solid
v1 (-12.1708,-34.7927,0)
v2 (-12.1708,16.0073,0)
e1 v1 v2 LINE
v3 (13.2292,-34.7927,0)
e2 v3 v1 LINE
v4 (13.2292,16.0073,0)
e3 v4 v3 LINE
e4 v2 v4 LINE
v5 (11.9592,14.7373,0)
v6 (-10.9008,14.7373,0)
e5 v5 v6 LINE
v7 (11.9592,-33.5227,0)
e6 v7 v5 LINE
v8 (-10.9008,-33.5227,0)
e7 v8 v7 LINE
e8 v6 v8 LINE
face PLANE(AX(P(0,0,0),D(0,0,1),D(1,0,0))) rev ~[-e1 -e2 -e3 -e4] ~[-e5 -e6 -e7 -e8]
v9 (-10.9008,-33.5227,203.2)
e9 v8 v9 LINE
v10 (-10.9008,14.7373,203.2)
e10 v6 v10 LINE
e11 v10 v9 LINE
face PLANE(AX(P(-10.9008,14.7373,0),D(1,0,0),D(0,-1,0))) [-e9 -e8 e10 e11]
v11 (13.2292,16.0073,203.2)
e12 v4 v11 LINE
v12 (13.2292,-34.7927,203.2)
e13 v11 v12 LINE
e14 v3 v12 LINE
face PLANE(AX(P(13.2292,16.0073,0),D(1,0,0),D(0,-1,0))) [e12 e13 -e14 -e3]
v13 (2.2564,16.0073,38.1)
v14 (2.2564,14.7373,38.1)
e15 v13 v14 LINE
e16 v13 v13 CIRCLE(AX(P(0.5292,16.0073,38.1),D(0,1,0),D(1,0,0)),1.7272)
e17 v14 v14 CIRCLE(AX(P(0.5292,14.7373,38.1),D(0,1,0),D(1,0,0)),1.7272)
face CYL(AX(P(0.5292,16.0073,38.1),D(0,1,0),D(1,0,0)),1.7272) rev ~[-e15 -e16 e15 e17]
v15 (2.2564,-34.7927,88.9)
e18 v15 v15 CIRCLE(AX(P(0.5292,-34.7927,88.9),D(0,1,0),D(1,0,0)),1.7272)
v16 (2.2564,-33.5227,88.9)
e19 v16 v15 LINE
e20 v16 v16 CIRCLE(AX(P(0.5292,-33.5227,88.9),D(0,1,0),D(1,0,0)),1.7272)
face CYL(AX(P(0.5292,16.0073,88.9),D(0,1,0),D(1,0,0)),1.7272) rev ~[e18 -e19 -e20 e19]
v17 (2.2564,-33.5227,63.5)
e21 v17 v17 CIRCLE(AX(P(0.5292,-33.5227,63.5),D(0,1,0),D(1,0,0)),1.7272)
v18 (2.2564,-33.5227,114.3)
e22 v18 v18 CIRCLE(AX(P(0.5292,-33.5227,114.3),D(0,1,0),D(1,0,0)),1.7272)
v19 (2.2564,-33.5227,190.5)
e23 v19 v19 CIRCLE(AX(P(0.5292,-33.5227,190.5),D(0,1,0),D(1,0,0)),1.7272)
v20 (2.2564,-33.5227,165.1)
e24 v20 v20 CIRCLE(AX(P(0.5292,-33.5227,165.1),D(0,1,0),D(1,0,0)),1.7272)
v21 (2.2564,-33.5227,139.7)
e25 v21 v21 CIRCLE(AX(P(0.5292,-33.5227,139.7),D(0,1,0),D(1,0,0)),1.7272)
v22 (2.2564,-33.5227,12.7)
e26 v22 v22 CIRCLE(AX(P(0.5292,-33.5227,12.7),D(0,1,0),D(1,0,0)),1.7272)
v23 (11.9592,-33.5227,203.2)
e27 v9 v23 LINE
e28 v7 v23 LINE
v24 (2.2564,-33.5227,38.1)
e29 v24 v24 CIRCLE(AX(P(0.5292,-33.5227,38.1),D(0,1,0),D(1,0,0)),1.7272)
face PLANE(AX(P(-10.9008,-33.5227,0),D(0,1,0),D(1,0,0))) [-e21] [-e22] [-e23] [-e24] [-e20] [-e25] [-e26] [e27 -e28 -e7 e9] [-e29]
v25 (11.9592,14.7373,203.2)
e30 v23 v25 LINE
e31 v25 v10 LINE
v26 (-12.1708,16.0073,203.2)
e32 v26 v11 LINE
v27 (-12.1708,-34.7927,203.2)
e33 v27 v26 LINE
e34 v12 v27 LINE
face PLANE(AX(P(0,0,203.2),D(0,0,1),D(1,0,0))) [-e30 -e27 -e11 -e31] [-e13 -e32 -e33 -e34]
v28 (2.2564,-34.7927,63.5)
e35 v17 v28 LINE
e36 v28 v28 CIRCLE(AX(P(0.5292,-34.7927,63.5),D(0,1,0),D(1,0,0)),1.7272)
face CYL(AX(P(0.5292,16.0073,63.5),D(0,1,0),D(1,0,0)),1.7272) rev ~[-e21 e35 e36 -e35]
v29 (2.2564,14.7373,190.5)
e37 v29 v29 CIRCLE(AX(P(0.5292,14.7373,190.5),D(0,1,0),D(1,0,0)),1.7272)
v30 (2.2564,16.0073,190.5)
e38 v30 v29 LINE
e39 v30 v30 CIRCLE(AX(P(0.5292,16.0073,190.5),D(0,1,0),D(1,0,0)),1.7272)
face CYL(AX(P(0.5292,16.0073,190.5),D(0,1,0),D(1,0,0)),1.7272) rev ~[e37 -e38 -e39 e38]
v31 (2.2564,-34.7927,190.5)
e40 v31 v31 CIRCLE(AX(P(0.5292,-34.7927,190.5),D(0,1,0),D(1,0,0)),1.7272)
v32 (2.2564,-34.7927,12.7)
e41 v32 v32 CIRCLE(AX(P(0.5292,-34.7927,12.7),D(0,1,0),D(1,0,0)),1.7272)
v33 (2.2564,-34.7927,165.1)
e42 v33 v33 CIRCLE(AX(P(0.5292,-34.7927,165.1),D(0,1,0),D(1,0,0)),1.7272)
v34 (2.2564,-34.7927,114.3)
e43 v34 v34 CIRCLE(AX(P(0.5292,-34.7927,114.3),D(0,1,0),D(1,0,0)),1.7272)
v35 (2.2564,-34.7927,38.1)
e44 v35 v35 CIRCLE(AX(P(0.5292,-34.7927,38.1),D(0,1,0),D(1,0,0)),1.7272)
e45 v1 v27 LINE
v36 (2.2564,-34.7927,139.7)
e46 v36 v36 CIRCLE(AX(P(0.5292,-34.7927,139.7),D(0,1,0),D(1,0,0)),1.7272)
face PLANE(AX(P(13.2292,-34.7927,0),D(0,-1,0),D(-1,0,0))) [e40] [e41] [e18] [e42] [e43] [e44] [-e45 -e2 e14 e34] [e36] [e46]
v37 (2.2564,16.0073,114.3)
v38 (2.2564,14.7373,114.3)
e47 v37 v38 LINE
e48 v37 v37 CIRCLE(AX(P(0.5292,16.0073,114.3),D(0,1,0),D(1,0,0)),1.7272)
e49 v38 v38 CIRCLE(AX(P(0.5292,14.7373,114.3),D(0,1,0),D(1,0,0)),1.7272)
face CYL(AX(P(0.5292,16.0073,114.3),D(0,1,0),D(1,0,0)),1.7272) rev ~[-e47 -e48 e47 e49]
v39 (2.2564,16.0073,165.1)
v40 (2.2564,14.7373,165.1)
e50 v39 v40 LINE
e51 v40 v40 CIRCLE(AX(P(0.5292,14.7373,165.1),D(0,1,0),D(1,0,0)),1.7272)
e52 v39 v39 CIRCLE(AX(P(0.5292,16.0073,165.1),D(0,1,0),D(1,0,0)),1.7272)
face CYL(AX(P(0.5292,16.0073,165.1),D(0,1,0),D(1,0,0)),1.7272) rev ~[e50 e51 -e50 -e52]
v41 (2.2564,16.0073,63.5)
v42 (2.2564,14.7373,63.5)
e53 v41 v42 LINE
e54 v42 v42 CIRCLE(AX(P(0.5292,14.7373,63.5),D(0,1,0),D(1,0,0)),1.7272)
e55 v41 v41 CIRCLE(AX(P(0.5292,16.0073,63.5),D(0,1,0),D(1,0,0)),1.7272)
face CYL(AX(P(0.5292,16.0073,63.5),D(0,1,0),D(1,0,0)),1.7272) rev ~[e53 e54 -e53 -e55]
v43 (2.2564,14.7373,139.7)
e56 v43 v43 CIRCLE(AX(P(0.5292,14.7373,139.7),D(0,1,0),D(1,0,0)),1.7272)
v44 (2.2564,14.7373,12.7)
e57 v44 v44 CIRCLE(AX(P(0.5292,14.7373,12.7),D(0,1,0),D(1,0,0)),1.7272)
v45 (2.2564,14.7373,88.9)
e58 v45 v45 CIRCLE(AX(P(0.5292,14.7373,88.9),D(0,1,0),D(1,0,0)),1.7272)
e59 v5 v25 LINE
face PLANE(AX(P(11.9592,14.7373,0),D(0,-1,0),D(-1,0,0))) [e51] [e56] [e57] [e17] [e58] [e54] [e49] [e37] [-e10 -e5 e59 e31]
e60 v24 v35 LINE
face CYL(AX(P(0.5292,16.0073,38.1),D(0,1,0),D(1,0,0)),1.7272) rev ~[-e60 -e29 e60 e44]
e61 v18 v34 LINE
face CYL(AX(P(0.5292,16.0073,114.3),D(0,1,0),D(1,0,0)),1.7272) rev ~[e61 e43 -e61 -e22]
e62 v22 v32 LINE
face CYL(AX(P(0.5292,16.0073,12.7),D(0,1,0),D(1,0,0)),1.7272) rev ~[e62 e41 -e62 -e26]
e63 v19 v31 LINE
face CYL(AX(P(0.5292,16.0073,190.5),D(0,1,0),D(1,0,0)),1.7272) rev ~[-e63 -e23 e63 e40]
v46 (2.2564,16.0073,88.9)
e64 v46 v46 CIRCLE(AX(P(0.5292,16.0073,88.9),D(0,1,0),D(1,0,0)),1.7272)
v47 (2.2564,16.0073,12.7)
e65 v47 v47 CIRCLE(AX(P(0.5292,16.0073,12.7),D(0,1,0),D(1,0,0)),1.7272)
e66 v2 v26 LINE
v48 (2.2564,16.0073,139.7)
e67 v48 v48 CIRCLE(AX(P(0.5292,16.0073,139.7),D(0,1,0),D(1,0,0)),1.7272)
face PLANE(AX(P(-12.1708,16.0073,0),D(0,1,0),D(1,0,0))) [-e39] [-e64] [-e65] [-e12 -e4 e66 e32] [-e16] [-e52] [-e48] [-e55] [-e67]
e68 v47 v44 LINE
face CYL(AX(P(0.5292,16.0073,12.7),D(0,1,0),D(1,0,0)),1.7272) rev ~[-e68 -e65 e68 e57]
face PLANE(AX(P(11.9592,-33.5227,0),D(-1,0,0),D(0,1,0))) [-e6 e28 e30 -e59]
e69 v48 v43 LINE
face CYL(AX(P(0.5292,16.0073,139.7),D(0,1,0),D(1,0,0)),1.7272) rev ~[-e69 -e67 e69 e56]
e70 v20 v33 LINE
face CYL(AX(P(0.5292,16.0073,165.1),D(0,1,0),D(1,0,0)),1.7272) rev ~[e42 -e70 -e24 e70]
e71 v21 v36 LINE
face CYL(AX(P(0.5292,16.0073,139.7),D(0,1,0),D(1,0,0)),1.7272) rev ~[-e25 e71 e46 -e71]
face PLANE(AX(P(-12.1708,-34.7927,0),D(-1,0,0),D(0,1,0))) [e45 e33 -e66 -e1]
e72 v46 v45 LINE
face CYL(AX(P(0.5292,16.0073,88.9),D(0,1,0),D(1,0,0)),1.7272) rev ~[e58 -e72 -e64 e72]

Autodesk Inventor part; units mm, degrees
ref_plane "YZ Plane" through (0, 0, 0) normal (1, 0, 0) x (0, 1, 0)
ref_plane "XZ Plane" through (0, 0, 0) normal (0, 1, 0) x (-1, 0, 0)
ref_plane "XY Plane" through (0, 0, 0) normal (0, 0, 1) x (1, 0, 0)
sketch "Sketch1" plane through (0, 0, 0) normal (0, 0, 1) x (1, 0, 0)
  line L0 (-12.1708, 16.0073) -> (13.2292, 16.0073)
  line L1 (13.2292, 16.0073) -> (13.2292, -34.7927)
  line L2 (13.2292, -34.7927) -> (-12.1708, -34.7927)
  line L3 (-12.1708, -34.7927) -> (-12.1708, 16.0073)
  line L4 (11.9592, 14.7373) -> (-10.9008, 14.7373)
  line L5 (-10.9008, 14.7373) -> (-10.9008, -33.5227)
  line L6 (-10.9008, -33.5227) -> (11.9592, -33.5227)
  line L7 (11.9592, -33.5227) -> (11.9592, 14.7373)
  point P0 (0, 0)
  dimension "d0" = 25.4
  dimension "d1" = 50.8
  dimension "d2" = 1.27
extrude "Extrusion1" add sketch "Sketch1" along normal blind 203.2
sketch "Sketch2" plane through (-12.1708, 16.0073, 0) normal (0, 1, 0) x (1, 0, 0)
  circle A0 centre (12.7, -12.7) radius 1.7272
  line L0 (25.4, 0) -> (0, 0) projected
  line L1 (0, 0) -> (0, -203.2) projected
  point P0 (12.1708, 0)
  dimension "d5" = 3.4544
  dimension "d6" = 12.7
  dimension "d7" = 12.7
extrude "Extrusion2" cut sketch "Sketch2" against normal through all
pattern_linear "Rectangular Pattern1" count 20 spacing 25.4 along (0, 0, 1) of "Extrusion2"
equation "\"d3\" = d13"
equation "\"d10\" = d14"
equation "\"d13\" = 203.2"
equation "\"d14\" = d13"
properties part number "VersaFrame (Gripper-StationaryLong)"
